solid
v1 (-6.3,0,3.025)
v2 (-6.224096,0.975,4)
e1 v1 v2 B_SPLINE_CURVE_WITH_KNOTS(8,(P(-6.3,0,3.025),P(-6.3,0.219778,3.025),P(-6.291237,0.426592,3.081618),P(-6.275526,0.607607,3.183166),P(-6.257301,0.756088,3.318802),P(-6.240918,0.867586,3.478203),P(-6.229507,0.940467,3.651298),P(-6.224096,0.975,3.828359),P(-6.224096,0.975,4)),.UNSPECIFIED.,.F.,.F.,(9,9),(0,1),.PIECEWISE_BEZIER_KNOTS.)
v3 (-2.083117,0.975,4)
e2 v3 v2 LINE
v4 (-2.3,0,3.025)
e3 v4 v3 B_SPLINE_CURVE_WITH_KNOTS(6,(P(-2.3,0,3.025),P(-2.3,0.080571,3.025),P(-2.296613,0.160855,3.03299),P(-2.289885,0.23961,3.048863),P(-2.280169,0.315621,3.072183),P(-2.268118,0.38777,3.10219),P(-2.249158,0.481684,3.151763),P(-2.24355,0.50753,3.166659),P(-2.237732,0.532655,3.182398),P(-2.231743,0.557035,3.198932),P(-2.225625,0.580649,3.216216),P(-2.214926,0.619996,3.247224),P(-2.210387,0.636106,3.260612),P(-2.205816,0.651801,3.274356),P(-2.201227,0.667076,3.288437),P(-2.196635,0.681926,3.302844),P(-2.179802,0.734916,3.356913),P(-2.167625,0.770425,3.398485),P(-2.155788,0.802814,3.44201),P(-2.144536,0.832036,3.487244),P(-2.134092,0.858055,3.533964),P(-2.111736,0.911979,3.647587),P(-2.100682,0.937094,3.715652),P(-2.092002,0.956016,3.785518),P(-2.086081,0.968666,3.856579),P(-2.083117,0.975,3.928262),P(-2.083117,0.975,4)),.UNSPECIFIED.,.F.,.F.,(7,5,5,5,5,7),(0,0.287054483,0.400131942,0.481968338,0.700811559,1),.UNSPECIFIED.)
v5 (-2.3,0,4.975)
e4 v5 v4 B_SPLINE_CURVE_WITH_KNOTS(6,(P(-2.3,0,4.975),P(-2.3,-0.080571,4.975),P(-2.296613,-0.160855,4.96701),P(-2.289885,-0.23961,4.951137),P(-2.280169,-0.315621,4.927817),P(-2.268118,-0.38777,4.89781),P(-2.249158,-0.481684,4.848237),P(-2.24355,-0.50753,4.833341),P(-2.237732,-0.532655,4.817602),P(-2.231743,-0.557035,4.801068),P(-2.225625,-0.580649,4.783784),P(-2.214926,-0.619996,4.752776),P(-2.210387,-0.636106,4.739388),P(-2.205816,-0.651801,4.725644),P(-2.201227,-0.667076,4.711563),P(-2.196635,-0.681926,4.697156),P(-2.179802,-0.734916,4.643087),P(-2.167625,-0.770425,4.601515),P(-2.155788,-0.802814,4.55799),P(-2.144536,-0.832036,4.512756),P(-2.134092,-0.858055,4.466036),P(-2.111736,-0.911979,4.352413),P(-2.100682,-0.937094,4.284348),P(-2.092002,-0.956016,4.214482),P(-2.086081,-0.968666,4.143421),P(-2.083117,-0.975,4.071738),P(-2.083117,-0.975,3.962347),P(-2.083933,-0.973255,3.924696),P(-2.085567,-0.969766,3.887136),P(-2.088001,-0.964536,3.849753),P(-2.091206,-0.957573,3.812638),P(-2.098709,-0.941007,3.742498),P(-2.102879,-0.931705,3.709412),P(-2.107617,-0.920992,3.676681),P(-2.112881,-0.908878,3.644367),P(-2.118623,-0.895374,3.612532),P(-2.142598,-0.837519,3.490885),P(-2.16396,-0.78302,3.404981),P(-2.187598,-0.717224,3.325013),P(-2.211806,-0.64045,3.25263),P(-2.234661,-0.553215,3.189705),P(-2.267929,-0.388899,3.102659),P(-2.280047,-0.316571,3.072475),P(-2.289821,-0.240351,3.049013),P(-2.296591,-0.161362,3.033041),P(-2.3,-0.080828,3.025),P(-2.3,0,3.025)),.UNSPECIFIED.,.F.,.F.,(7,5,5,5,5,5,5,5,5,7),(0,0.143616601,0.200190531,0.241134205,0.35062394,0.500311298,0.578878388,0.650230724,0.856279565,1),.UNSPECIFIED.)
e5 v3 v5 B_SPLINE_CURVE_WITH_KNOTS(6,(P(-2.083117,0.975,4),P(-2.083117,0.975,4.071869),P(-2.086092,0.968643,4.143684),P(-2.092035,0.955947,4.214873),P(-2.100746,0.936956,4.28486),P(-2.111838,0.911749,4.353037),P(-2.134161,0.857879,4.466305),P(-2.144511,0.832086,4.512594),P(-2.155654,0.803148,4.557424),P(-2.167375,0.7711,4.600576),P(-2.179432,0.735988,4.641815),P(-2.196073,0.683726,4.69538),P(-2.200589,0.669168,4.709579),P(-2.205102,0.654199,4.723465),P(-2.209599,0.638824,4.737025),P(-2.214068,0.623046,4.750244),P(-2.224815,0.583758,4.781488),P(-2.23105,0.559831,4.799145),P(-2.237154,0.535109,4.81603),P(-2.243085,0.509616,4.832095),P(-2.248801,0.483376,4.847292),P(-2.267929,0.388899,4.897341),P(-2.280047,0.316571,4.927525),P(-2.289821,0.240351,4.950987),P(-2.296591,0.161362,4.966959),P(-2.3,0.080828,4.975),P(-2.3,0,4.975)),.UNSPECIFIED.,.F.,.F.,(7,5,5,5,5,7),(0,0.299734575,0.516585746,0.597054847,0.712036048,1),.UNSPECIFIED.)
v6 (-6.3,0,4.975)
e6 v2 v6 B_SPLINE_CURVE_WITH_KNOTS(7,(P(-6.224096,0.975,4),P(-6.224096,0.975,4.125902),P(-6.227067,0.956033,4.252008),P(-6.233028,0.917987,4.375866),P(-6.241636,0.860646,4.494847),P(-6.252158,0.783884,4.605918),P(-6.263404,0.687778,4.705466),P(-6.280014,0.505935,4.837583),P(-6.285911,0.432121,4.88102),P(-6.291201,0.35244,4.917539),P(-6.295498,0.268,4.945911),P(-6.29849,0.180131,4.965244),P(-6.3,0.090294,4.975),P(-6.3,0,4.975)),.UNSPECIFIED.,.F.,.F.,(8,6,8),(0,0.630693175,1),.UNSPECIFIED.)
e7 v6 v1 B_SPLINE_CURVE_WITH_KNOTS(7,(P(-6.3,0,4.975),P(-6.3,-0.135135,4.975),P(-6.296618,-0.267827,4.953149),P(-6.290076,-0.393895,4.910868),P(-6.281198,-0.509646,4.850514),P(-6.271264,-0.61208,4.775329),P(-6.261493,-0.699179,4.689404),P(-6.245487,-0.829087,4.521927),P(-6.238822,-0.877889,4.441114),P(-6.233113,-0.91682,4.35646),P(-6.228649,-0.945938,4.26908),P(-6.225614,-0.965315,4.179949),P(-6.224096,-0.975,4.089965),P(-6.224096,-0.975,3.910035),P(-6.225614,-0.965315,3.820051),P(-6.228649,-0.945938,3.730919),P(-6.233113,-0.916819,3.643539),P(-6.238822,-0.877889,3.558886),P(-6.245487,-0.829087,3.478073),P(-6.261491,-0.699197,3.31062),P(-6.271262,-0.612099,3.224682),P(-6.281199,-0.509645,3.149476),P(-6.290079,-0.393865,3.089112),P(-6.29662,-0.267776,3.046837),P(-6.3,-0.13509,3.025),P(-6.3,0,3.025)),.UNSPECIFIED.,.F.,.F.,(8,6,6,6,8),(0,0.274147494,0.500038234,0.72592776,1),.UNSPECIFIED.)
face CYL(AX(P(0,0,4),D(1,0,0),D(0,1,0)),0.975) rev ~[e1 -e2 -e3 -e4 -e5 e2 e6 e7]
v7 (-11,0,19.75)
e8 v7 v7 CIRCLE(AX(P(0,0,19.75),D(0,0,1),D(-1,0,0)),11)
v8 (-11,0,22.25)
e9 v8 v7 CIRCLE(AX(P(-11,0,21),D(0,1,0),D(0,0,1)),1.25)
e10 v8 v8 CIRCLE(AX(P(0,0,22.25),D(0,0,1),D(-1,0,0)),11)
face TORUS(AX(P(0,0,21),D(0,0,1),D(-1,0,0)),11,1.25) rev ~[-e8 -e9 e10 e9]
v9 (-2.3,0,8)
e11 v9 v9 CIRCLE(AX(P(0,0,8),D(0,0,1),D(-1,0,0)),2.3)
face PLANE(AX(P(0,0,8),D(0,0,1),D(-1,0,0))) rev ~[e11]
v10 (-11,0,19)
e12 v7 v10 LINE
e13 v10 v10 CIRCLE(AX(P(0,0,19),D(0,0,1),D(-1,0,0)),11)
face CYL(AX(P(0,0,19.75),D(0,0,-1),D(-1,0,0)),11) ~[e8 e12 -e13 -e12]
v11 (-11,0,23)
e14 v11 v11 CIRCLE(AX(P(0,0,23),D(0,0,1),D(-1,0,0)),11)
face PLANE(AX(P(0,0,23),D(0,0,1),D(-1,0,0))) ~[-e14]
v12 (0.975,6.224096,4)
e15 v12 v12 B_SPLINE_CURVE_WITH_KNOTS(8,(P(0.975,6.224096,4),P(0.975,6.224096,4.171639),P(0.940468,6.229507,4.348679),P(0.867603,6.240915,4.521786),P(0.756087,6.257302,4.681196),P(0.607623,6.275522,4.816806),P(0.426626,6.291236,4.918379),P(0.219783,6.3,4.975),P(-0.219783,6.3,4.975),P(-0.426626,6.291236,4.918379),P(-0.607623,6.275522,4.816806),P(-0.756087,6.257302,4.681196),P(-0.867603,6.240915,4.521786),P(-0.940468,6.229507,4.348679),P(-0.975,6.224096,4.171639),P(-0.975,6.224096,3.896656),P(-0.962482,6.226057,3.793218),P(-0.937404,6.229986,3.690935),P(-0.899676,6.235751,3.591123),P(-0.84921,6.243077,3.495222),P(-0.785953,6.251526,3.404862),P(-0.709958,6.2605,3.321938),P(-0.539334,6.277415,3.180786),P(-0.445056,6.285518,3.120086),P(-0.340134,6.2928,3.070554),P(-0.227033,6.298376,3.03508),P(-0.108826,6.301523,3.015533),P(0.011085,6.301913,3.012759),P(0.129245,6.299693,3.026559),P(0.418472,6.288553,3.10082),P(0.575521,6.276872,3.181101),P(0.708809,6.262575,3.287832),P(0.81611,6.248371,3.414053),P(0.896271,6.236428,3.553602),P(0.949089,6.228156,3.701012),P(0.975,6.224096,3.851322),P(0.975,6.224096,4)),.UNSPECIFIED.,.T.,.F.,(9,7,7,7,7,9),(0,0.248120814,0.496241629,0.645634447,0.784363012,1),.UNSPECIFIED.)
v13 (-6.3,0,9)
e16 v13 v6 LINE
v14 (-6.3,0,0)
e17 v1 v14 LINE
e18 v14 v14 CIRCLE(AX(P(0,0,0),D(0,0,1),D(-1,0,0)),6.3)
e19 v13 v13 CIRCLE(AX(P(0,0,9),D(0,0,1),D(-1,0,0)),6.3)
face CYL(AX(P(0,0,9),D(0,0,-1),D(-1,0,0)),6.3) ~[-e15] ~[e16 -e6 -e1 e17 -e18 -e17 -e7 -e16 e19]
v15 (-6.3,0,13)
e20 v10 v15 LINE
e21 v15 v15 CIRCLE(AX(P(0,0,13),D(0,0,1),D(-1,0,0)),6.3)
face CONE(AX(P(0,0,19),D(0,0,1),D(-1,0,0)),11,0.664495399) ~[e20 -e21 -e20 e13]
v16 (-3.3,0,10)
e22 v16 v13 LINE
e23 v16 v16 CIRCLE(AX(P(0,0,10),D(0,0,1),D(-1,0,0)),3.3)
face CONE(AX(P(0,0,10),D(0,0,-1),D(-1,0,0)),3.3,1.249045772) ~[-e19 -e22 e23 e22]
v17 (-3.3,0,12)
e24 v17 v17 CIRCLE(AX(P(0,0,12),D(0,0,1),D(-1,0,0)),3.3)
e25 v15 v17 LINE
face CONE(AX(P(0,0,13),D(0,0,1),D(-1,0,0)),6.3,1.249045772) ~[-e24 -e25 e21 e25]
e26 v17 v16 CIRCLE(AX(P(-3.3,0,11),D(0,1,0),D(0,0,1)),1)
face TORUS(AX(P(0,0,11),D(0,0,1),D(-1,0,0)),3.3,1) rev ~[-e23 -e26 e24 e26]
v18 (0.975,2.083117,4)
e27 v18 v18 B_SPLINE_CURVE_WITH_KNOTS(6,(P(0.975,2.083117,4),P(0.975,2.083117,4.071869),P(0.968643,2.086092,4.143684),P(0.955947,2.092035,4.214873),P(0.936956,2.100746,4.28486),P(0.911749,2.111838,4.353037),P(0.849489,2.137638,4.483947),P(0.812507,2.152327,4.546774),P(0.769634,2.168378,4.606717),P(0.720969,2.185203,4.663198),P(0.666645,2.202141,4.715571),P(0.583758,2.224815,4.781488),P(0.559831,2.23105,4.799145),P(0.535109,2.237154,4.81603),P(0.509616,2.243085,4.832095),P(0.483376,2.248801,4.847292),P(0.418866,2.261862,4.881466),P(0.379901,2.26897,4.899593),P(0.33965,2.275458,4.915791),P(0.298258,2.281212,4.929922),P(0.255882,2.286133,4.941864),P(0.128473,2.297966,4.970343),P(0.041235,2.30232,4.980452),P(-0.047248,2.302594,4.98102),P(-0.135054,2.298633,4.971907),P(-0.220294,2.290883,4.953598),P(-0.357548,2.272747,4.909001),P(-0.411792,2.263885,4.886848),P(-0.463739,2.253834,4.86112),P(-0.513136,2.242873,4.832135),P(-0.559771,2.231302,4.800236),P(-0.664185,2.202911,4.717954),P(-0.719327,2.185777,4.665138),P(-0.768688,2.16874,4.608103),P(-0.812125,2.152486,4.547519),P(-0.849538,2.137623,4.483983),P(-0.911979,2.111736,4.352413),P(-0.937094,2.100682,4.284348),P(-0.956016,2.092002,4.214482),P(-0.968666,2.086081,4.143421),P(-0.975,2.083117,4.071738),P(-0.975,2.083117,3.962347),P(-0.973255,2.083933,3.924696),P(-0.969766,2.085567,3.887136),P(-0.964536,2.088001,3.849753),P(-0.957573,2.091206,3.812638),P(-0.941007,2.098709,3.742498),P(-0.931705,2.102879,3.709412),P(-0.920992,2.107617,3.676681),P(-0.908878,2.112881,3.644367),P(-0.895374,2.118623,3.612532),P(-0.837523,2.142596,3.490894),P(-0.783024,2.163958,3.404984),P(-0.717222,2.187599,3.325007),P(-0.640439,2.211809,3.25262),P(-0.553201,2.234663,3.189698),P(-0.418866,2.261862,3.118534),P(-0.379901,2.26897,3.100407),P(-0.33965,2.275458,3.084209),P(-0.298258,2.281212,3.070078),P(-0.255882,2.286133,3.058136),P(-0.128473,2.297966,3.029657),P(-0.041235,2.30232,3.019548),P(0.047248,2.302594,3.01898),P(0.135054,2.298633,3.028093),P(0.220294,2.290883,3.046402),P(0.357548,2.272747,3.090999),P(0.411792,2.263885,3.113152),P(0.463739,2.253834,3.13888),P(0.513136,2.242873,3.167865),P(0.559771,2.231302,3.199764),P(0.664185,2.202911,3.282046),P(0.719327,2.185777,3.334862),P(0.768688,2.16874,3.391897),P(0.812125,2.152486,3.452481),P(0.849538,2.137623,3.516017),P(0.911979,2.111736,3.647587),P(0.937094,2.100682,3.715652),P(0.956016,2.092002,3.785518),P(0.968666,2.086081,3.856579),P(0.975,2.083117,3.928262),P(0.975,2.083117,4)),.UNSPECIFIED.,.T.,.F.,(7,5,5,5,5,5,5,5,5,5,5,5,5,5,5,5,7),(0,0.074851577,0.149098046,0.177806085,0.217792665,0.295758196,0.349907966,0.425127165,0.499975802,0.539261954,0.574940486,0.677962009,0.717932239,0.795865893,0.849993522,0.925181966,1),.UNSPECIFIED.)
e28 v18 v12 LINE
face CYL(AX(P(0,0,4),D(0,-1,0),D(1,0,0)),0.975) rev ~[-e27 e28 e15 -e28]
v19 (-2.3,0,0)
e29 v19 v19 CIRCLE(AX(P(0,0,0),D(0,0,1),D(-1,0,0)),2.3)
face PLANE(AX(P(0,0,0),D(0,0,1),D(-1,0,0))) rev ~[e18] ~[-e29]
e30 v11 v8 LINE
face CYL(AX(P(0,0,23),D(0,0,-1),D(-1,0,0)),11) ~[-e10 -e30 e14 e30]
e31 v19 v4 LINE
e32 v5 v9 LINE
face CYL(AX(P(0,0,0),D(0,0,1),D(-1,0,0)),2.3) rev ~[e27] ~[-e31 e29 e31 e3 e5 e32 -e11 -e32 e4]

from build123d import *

# Parameters (mm, degrees)
F0_R     = 0.975
F2_DEPTH = 6.6
F3_R     = 0.975
F4_DEPTH = 6.6


with BuildPart() as f1:
    # F0 (on Front) → F1 (revolve)
    with BuildSketch(Plane.XZ):
        with BuildLine():
            Line((-6.3, 0), (-2.3, 0))
            Line((-2.3, 0), (-2.3, 8))
            Line((-2.3, 8), (0, 8))
            Line((0, 8), (0, 23))
            Line((0, 23), (-11, 23))
            Line((-11, 23), (-11, 22.25))
            ThreePointArc((-11, 22.25), (-9.75, 21), (-11, 19.75))
            Line((-11, 19.75), (-11, 19))
            Line((-11, 19), (-6.3, 13))
            Line((-6.3, 13), (-3.3, 12))
            ThreePointArc((-3.3, 12), (-2.3, 11), (-3.3, 10))
            Line((-3.3, 10), (-6.3, 9))
            Line((-6.3, 9), (-6.3, 0))
        make_face()
    revolve(axis=Axis((0, 0, 15.5), (0, 0, 1)))

    # F0 (on Front) → F2 (cut)
    with BuildSketch(Plane.XZ):
        with Locations((0, 4)):
            Circle(F0_R)
    extrude(amount=-F2_DEPTH, mode=Mode.SUBTRACT)

    # F3 (on Right) → F4 (cut)
    with BuildSketch(Plane.YZ):
        with Locations((0, 4)):
            Circle(F3_R)
    extrude(amount=-F4_DEPTH, mode=Mode.SUBTRACT)


solid = f1.part
